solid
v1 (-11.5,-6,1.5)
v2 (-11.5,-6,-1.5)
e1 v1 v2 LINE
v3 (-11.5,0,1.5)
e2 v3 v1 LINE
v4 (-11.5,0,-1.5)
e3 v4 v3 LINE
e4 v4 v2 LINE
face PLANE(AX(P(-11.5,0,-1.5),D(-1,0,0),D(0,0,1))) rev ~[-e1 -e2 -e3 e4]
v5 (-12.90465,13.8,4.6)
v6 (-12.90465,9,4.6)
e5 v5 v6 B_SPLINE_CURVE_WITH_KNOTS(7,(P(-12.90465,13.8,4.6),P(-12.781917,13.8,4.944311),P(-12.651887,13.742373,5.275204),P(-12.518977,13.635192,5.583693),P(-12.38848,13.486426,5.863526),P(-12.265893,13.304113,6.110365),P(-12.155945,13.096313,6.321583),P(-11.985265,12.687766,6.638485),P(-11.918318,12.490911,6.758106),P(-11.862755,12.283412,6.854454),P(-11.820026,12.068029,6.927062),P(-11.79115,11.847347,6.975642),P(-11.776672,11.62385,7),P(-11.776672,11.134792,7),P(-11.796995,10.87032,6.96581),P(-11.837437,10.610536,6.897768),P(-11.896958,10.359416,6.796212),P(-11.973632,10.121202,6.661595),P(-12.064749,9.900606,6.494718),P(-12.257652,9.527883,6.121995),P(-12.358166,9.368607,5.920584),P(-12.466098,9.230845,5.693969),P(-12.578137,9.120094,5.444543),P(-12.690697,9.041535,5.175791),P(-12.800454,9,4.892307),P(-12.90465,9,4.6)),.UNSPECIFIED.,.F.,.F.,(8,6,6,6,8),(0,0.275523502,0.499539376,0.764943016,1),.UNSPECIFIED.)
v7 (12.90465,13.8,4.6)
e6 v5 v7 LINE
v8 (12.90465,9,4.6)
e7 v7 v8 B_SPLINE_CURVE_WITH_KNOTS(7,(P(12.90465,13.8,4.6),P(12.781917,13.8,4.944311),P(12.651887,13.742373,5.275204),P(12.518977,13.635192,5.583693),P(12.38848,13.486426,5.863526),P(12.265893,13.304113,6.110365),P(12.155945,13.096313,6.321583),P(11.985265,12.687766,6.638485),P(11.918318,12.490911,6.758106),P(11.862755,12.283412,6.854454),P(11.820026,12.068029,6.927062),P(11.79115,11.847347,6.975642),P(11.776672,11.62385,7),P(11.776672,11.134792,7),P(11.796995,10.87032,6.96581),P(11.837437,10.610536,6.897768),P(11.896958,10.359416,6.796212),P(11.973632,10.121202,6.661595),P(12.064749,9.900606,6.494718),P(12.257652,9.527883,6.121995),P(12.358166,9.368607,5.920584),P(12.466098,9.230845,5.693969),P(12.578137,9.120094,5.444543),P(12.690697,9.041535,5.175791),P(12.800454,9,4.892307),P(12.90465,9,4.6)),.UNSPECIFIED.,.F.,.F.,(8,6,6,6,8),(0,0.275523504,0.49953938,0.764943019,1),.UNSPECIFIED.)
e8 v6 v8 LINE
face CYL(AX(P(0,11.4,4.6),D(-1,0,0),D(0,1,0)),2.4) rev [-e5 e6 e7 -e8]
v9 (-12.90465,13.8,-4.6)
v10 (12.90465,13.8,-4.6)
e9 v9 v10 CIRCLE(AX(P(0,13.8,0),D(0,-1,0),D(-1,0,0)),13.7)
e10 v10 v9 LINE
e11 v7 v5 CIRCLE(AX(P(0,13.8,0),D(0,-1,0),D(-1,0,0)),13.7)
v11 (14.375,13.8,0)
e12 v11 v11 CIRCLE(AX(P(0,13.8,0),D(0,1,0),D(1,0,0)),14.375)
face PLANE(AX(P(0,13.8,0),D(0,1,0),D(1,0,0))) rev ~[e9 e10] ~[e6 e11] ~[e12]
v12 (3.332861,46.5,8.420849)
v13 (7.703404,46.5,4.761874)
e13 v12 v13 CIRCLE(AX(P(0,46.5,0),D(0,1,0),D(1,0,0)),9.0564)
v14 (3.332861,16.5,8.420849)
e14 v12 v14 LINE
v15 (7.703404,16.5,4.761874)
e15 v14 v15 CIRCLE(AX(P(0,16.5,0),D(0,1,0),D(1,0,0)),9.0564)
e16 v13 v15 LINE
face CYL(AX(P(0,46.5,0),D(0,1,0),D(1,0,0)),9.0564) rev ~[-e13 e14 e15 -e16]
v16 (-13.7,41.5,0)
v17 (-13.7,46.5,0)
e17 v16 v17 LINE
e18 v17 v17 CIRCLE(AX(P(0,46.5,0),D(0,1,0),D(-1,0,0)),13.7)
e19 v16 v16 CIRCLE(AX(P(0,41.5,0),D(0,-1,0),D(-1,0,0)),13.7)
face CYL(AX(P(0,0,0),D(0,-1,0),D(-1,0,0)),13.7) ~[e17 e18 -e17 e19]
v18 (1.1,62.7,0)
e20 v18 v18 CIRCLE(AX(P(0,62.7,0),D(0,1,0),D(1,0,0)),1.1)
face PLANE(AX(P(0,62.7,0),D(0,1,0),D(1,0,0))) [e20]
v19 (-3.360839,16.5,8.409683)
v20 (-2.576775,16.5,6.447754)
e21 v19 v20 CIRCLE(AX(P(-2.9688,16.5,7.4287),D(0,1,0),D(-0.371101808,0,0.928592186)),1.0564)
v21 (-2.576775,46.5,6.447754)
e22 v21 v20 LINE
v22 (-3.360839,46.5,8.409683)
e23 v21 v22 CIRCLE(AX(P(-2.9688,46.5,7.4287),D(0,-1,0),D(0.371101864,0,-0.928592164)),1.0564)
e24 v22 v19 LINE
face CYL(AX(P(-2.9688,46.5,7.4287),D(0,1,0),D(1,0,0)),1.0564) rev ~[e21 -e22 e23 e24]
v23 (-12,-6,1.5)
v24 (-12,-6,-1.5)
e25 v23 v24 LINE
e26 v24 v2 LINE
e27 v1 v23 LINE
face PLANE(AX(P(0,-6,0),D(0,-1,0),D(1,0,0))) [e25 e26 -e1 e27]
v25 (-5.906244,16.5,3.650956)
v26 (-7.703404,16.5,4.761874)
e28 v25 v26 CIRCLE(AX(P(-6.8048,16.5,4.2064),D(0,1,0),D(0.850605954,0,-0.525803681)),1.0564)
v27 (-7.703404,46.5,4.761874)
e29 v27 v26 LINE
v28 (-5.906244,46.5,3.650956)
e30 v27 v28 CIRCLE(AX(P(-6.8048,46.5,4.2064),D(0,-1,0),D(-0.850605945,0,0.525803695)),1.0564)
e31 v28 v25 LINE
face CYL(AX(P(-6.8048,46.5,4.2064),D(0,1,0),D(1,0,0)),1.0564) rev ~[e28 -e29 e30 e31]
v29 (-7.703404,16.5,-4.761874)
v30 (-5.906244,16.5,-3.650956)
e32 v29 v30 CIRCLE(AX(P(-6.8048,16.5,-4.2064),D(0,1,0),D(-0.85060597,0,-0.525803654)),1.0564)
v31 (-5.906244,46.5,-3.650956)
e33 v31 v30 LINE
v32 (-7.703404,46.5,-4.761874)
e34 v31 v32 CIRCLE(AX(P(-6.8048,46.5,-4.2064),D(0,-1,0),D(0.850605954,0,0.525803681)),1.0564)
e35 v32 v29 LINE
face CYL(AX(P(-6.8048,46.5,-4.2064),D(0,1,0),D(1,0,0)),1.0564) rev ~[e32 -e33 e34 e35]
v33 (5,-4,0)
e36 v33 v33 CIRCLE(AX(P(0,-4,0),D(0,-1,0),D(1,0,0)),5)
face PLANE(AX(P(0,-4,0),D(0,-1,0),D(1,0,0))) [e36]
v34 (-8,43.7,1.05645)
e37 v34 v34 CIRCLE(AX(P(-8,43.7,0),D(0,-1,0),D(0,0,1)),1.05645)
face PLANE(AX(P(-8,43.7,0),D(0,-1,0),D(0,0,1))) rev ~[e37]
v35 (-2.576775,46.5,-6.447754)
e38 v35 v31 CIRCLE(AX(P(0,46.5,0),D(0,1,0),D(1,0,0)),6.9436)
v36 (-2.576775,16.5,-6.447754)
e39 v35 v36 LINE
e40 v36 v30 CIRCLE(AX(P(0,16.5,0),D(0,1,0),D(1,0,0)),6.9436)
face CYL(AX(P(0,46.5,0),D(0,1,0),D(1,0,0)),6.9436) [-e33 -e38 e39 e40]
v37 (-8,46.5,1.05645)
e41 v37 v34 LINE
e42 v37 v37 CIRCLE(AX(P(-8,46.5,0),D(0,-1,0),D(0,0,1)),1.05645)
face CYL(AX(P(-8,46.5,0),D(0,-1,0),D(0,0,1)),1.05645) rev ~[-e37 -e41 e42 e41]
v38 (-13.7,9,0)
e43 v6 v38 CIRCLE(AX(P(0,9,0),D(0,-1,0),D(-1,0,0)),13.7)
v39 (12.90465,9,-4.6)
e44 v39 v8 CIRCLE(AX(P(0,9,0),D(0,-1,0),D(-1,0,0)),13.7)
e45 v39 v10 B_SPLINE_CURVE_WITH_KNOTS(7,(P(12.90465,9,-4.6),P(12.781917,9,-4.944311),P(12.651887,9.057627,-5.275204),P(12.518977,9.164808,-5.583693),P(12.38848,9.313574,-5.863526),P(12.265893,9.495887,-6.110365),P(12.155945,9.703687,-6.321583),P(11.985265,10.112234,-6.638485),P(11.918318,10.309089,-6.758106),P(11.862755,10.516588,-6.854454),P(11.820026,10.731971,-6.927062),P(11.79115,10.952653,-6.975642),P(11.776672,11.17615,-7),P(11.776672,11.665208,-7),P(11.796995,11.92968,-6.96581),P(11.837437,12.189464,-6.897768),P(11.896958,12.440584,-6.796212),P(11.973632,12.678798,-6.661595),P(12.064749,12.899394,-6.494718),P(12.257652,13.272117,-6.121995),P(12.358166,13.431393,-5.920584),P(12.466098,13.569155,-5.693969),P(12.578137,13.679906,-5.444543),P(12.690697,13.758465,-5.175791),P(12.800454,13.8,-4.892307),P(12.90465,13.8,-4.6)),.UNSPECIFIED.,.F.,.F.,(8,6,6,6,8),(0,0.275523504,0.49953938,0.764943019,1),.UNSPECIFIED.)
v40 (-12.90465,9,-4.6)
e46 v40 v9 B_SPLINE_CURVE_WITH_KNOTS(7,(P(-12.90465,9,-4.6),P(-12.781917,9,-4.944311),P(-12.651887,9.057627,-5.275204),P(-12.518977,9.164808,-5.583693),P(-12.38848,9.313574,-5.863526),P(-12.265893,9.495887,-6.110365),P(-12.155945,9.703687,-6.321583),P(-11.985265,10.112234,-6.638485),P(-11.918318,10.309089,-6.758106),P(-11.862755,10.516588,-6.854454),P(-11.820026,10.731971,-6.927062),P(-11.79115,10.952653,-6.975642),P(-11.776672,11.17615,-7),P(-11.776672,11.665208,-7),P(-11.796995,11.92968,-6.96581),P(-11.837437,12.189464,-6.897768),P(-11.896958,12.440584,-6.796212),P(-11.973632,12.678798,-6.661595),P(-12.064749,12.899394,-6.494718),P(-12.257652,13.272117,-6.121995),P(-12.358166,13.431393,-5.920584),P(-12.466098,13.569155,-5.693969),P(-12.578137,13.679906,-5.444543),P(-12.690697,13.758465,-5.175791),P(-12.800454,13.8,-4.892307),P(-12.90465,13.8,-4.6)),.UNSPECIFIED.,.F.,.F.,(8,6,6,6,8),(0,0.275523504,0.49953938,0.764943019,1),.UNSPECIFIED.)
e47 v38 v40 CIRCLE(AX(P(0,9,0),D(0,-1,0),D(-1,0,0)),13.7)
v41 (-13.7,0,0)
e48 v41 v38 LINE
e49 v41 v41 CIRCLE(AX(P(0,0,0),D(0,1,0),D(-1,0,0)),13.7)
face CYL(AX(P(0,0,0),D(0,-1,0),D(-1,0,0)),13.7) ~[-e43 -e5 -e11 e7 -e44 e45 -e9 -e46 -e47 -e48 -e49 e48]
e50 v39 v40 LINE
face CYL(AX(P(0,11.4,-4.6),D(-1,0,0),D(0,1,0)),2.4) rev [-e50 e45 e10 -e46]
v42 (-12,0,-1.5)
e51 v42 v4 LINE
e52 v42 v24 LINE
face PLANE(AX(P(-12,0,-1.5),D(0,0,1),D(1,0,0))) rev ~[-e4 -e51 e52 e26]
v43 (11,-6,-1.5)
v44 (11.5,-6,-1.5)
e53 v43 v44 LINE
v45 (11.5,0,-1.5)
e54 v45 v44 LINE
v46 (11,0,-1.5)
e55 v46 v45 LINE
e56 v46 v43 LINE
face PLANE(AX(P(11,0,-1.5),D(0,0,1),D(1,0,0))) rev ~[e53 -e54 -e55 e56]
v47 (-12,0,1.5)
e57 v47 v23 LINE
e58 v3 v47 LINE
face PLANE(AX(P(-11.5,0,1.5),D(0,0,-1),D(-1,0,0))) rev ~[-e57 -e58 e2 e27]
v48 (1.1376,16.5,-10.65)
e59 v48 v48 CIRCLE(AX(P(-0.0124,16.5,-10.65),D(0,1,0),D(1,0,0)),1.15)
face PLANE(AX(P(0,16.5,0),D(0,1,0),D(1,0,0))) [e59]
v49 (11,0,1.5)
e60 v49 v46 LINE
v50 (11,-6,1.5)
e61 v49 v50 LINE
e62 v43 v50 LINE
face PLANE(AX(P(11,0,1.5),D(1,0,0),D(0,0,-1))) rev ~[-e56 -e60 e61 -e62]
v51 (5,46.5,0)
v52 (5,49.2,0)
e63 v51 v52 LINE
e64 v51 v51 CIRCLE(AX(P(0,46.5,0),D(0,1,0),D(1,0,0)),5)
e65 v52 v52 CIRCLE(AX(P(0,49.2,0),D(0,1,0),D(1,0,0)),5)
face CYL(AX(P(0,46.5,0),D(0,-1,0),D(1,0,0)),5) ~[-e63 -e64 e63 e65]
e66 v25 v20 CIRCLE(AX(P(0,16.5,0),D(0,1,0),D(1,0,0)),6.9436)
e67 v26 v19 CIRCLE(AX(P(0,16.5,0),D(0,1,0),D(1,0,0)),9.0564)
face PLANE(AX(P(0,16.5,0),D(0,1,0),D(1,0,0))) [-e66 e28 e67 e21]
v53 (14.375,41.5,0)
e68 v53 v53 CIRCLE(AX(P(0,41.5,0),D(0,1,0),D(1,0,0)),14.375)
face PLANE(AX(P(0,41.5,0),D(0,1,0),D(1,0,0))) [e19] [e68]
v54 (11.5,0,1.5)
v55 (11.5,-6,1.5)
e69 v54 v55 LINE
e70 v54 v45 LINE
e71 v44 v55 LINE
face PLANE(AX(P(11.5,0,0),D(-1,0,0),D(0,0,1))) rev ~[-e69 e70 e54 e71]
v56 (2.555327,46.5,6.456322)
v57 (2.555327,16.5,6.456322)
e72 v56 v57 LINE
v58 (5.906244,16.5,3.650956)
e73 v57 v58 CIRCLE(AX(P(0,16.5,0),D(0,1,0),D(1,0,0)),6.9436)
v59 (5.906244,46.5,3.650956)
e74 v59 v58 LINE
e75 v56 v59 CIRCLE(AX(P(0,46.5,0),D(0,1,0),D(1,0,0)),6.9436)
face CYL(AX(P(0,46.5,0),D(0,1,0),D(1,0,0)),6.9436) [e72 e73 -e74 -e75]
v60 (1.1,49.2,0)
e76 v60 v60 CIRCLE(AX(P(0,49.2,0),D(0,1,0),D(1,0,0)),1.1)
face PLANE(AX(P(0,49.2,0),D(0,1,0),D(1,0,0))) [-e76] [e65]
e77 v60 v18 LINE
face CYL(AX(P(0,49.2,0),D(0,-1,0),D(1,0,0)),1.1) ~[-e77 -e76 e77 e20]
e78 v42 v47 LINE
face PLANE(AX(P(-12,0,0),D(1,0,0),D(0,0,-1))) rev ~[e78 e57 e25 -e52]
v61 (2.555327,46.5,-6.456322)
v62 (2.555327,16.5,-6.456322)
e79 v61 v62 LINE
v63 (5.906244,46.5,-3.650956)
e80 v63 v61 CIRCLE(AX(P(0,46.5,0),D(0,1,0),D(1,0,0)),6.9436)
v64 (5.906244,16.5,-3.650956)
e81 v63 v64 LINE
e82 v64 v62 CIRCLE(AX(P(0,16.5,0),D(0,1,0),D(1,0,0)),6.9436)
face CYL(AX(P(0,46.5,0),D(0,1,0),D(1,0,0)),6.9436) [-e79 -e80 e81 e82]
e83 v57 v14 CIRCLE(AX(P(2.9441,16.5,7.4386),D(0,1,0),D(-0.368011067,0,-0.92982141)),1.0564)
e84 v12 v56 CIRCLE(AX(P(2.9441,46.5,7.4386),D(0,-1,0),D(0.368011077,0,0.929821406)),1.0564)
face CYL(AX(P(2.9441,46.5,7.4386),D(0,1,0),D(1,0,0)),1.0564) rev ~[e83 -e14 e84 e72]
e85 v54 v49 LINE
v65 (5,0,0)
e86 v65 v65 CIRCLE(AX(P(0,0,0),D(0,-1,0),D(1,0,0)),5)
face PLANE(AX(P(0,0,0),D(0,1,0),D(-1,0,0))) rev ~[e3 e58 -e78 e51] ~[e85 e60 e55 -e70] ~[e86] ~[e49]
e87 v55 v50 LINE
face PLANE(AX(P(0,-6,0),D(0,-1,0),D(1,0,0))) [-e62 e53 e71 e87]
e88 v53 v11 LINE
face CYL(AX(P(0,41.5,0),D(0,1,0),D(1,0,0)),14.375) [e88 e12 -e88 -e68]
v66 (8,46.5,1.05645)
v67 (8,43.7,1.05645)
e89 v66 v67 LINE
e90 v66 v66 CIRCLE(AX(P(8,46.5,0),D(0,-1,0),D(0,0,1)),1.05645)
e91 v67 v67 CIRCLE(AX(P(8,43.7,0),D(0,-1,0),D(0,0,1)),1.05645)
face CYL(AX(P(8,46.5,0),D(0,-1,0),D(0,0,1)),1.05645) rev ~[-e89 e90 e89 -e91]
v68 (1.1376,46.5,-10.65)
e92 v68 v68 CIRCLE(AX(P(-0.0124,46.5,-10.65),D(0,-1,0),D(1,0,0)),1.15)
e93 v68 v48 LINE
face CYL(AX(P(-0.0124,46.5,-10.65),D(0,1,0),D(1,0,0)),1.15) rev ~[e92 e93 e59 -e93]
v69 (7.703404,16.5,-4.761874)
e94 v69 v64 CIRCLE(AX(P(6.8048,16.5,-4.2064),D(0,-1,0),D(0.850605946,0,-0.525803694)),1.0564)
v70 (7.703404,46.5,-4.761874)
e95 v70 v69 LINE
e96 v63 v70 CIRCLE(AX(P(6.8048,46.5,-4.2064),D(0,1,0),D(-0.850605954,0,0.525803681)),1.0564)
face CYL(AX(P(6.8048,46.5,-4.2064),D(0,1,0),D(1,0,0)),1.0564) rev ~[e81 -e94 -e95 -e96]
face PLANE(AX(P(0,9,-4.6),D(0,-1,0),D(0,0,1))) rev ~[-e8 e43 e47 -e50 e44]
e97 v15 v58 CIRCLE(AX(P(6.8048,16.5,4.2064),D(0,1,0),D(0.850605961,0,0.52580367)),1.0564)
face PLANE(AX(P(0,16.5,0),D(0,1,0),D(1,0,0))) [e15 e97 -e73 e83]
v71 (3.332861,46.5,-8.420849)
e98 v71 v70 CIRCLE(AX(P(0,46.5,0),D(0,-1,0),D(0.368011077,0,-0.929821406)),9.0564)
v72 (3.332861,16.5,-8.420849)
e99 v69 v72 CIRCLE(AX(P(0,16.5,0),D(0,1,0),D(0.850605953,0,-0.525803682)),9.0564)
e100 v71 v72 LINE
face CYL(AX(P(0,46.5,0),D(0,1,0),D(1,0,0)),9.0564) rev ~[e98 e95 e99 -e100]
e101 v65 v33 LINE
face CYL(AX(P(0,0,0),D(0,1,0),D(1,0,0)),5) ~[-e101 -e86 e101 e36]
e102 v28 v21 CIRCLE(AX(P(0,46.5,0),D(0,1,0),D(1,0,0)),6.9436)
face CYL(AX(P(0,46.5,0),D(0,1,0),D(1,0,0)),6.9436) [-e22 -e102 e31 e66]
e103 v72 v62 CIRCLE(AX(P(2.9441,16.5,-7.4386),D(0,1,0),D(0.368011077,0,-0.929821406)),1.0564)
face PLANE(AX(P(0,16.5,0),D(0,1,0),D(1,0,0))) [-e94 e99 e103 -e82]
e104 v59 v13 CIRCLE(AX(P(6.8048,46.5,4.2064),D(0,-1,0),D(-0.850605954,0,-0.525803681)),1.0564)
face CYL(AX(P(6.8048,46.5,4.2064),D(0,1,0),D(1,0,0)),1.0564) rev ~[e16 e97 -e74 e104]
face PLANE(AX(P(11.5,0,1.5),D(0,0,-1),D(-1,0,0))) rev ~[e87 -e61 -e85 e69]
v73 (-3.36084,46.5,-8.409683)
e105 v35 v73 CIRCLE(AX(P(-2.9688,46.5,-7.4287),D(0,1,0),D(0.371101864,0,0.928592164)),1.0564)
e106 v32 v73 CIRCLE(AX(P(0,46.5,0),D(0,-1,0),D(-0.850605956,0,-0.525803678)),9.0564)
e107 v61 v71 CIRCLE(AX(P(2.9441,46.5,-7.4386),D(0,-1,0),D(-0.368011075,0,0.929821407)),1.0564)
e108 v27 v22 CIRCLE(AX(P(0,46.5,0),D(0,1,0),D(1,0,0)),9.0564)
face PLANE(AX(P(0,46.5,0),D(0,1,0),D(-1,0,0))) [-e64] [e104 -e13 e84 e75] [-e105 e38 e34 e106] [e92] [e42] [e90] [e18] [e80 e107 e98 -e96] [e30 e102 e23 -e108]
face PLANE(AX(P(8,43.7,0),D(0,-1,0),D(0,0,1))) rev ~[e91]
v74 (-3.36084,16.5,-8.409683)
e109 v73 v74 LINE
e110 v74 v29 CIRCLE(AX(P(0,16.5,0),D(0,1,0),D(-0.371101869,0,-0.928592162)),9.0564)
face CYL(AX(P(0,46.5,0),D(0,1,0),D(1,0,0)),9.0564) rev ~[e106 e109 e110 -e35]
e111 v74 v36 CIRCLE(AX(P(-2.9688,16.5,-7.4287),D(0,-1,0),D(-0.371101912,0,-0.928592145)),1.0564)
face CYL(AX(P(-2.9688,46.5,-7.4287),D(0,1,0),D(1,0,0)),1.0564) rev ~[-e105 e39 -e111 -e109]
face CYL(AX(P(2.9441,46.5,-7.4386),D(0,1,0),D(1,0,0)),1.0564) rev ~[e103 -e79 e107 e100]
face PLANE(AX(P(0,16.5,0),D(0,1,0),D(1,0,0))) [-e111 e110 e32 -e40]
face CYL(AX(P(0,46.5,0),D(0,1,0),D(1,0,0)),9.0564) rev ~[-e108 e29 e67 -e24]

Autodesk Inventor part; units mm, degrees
ref_plane "YZ Plane" through (0, 0, 0) normal (1, 0, 0) x (0, 1, 0)
sketch "Sketch1" plane through (0, 0, 0) normal (0, 1, 0) x (-1, 0, 0)
  circle A0 centre (0, 0) radius 13.7
  dimension "d0" = 27.4
extrude "Extrusion1" add sketch "Sketch1" along normal blind 46.5
sketch "Sketch2" plane through (0, 46.5, 0) normal (0, 1, 0) x (1, 0, 0)
  circle A0 centre (0, 0) radius 13.7 projected
  circle A1 centre (0, 0) radius 5
  dimension "d3" = 10
extrude "Extrusion2" add sketch "Sketch2" along normal blind 2.7 contours A1
sketch "Sketch3" plane through (0, 46.5, 0) normal (0, 1, 0) x (1, 0, 0)
  circle A0 centre (0, 0) radius 5 projected
  circle A1 centre (0, 0) radius 5 projected
  circle A2 centre (0, 0) radius 13.7 projected
  circle A3 centre (0, 0) radius 13.7 projected
  line L0 (-13.7, 0) -> (13.7, 0)
  point P0 (-8, 0)
  point P1 (8, 0)
  dimension "d6" = 16
  dimension "d7" = 5.7
  dimension "d8" = 5.7
hole "Hole1" at (-8, 46.5, 0) at (8, 46.5, 0) direction (0, -1, 0) diameter 2.1129 depth 2.8 thread size "M2.6x0.45" class "6H" standard "ISO Metric profile"
ref_plane "Work Plane1" through (0, 41.5, 0) normal (0, 1, 0) x (1, 0, 0)
sketch "Sketch4" plane through (0, 41.5, 0) normal (0, 1, 0) x (1, 0, 0)
  circle A0 centre (0, 0) radius 14.375
  dimension "d17" = 28.75
extrude "Extrusion3" add sketch "Sketch4" against normal blind 27.7
sketch "Sketch5" plane through (0, 0, 0) normal (0, -1, 0) x (1, 0, 0)
  circle A0 centre (0, 0) radius 5
  dimension "d20" = 10
extrude "Extrusion4" add sketch "Sketch5" along normal blind 4
sketch "Sketch6" plane through (0, 0, 0) normal (0, -1, 0) x (1, 0, 0)
  circle A0 centre (0, 0) radius 5 projected
  circle A1 centre (0, 0) radius 5 projected
  circle A2 centre (0, 0) radius 13.7 projected
  circle A3 centre (0, 0) radius 13.7 projected
  line L0 (13.7, 0) -> (-13.7, 0)
  line L1 (-11.5, 1.5) -> (-12, 1.5)
  line L2 (-12, 1.5) -> (-12, -1.5)
  line L3 (-12, -1.5) -> (-11.5, -1.5)
  line L4 (-11.5, -1.5) -> (-11.5, 1.5)
  line L5 (11.5, 1.5) -> (11, 1.5)
  line L6 (11, 1.5) -> (11, -1.5)
  line L7 (11, -1.5) -> (11.5, -1.5)
  line L8 (11.5, -1.5) -> (11.5, 1.5)
  dimension "d23" = 22.5
  dimension "d24" = 0.5
  dimension "d25" = 0.5
  dimension "d26" = 11.5
  dimension "d27" = 11.5
  dimension "d28" = 3
  dimension "d29" = 3
  dimension "d30" = 1.5
  dimension "d31" = 1.5
extrude "Extrusion5" add sketch "Sketch6" along normal blind 6 contours L6 L5 L8 L0 | L0 L8 L7 L6 | L4 L3 L2 L0 | L0 L2 L1 L4
sketch "Sketch7" plane through (0, 49.2, 0) normal (0, 1, 0) x (1, 0, 0)
  circle A0 centre (0, 0) radius 1.1
  dimension "d34" = 2.2
extrude "Extrusion6" add sketch "Sketch7" along normal blind 13.5
ref_plane "Work Plane2" through (0, 50.2, 0) normal (0, 1, 0) x (1, 0, 0)
sketch "Sketch10" plane through (0, 0, 0) normal (1, 0, 0) x (0, 1, 0)
  line L0 (0, -13.7) -> (0, 13.7) projected
  line L1 (13.8, 13.7) -> (13.8, -13.7) projected
  line L2 (9, 4.6) -> (13.8, 4.6)
  line L3 (13.8, 4.6) -> (13.8, -4.6)
  line L4 (13.8, -4.6) -> (9, -4.6)
  line L5 (9, -4.6) -> (9, 4.6)
  circle A0 centre (11.4, 4.6) radius 2.4
  circle A1 centre (11.4, -4.6) radius 2.4
  line L6 (0, 0) -> (13.8, 0)
  line L7 (13.8, 13.7) -> (13.8, -13.7) projected
  line L8 (0, -13.7) -> (13.8, -13.7) projected
  point P0 (11.4, 7)
  point P1 (11.4, -7)
  point P2 (13.8, -4.6)
  dimension "d57" = 9
  dimension "d59" = 0
  dimension "d60" = 4.8
  dimension "d61" = 13.8
  dimension "d62" = 2.4
  dimension "d63" = 2.4
  dimension "d64" = 14
  dimension "d65" = 4.6
  dimension "d66" = 4.6
  dimension "d69" = 6.7
extrude "Extrusion9" cut sketch "Sketch10" along normal mid plane 31.5 contours L6 L1 A1 L5 | L5 A0 L1 L6 | A1 L4 | L4 A1 | A0 L2 | L2 A0
sketch "Sketch11" plane through (0, 46.5, 0) normal (0, 1, 0) x (1, 0, 0)
  circle A0 centre (-8, 0) radius 1.0564 projected
  circle A1 centre (8, 0) radius 1.0564 projected
  circle A2 centre (0, 0) radius 5 projected
  circle A3 centre (0, 0) radius 13.7 projected
  circle A4 centre (8, 0) radius 1.0564 projected
  circle A5 centre (0, 0) radius 13.7 projected
  line L0 (13.7, 0) -> (-13.7, 0)
  circle A6 centre (0, 0) radius 1.1 projected
  circle A7 centre (0, 0) radius 9.0564
  circle A8 centre (0, 0) radius 6.9436
  circle A9 centre (8, 0) radius 1.0564 projected
  line L1 (1.8876, -9.0564) -> (-1.9124, -9.0564)
  line L2 (-1.9124, -9.0564) -> (-1.9124, 9.0564)
  line L3 (-1.9124, 9.0564) -> (1.8876, 9.0564)
  line L4 (1.8876, 9.0564) -> (1.8876, -9.0564)
  line L5 (-0.0124, -13.7) -> (-0.0124, 13.7)
  line L6 (9.0564, -3.15) -> (-9.0564, -3.15)
  line L7 (-9.0564, -3.15) -> (-9.0564, 3.15)
  line L8 (-9.0564, 3.15) -> (9.0564, 3.15)
  line L9 (9.0564, 3.15) -> (9.0564, -3.15)
  circle A10 centre (6.8048, -4.2064) radius 1.0564
  circle A11 centre (2.9441, -7.4386) radius 1.0564
  circle A12 centre (-2.9688, -7.4287) radius 1.0564
  circle A13 centre (-6.8048, -4.2064) radius 1.0564
  circle A14 centre (-6.8048, 4.2064) radius 1.0564
  line L10 (-11.7767, 7) -> (11.7767, 7) projected
  circle A15 centre (-2.9688, 7.4287) radius 1.0564
  circle A16 centre (2.9441, 7.4386) radius 1.0564
  circle A17 centre (6.8048, 4.2064) radius 1.0564
  circle A18 centre (-0.0124, 10.65) radius 1.15
  point P0 (9.0564, 0)
  point P1 (7.8048, -3.2064)
  point P2 (3.3328, 8.4209)
  point P3 (2.5553, 6.4563)
  point P4 (5.9062, 3.651)
  point P5 (7.7035, 4.7619)
  point P6 (-5.9062, 3.651)
  point P7 (-2.5768, 6.4477)
  point P8 (-3.3608, 8.4097)
  point P9 (-7.7035, 4.7619)
  point P10 (-3.3608, -8.4097)
  point P11 (-2.5768, -6.4477)
  point P12 (-5.9062, -3.651)
  point P13 (-7.7035, -4.7619)
  point P14 (7.7035, -4.7619)
  point P15 (5.9062, -3.651)
  point P16 (2.5553, -6.4563)
  point P17 (3.3328, -8.4209)
  point P18 (-0.0124, 11.8)
  dimension "d78" = 2.3
  dimension "d70" = 3.8
  dimension "d71" = 1.9
  dimension "d72" = 1.9
  dimension "d73" = 6.3
  dimension "d74" = 3.15
  dimension "d75" = 3.15
  dimension "d79" = 1.9
extrude "Extrusion10" cut sketch "Sketch11" against normal blind 30 contours A14 A7 L10 A15 A8 | A14 | A8 A12 A7 A13 | A13 | A15 L10 | A12 | A7 A15 L10 | A15 L10 | A18 L5 | L5 A18 | L10 A16 A7 | A7 A17 A8 A16 L10 | A11 A8 A10 A7 | A11 | A17 | A16 L10 | A16 L10 | A10
equation "\"d7\" = d8"
equation "\"d26\" = d27"
equation "\"d30\" = d31"
equation "\"d65\" = d66"
equation "\"d71\" = d72"
equation "\"d74\" = d75"
equation "\"d41\" = d42"
properties part number "rs390" material "Steel, Mild"
